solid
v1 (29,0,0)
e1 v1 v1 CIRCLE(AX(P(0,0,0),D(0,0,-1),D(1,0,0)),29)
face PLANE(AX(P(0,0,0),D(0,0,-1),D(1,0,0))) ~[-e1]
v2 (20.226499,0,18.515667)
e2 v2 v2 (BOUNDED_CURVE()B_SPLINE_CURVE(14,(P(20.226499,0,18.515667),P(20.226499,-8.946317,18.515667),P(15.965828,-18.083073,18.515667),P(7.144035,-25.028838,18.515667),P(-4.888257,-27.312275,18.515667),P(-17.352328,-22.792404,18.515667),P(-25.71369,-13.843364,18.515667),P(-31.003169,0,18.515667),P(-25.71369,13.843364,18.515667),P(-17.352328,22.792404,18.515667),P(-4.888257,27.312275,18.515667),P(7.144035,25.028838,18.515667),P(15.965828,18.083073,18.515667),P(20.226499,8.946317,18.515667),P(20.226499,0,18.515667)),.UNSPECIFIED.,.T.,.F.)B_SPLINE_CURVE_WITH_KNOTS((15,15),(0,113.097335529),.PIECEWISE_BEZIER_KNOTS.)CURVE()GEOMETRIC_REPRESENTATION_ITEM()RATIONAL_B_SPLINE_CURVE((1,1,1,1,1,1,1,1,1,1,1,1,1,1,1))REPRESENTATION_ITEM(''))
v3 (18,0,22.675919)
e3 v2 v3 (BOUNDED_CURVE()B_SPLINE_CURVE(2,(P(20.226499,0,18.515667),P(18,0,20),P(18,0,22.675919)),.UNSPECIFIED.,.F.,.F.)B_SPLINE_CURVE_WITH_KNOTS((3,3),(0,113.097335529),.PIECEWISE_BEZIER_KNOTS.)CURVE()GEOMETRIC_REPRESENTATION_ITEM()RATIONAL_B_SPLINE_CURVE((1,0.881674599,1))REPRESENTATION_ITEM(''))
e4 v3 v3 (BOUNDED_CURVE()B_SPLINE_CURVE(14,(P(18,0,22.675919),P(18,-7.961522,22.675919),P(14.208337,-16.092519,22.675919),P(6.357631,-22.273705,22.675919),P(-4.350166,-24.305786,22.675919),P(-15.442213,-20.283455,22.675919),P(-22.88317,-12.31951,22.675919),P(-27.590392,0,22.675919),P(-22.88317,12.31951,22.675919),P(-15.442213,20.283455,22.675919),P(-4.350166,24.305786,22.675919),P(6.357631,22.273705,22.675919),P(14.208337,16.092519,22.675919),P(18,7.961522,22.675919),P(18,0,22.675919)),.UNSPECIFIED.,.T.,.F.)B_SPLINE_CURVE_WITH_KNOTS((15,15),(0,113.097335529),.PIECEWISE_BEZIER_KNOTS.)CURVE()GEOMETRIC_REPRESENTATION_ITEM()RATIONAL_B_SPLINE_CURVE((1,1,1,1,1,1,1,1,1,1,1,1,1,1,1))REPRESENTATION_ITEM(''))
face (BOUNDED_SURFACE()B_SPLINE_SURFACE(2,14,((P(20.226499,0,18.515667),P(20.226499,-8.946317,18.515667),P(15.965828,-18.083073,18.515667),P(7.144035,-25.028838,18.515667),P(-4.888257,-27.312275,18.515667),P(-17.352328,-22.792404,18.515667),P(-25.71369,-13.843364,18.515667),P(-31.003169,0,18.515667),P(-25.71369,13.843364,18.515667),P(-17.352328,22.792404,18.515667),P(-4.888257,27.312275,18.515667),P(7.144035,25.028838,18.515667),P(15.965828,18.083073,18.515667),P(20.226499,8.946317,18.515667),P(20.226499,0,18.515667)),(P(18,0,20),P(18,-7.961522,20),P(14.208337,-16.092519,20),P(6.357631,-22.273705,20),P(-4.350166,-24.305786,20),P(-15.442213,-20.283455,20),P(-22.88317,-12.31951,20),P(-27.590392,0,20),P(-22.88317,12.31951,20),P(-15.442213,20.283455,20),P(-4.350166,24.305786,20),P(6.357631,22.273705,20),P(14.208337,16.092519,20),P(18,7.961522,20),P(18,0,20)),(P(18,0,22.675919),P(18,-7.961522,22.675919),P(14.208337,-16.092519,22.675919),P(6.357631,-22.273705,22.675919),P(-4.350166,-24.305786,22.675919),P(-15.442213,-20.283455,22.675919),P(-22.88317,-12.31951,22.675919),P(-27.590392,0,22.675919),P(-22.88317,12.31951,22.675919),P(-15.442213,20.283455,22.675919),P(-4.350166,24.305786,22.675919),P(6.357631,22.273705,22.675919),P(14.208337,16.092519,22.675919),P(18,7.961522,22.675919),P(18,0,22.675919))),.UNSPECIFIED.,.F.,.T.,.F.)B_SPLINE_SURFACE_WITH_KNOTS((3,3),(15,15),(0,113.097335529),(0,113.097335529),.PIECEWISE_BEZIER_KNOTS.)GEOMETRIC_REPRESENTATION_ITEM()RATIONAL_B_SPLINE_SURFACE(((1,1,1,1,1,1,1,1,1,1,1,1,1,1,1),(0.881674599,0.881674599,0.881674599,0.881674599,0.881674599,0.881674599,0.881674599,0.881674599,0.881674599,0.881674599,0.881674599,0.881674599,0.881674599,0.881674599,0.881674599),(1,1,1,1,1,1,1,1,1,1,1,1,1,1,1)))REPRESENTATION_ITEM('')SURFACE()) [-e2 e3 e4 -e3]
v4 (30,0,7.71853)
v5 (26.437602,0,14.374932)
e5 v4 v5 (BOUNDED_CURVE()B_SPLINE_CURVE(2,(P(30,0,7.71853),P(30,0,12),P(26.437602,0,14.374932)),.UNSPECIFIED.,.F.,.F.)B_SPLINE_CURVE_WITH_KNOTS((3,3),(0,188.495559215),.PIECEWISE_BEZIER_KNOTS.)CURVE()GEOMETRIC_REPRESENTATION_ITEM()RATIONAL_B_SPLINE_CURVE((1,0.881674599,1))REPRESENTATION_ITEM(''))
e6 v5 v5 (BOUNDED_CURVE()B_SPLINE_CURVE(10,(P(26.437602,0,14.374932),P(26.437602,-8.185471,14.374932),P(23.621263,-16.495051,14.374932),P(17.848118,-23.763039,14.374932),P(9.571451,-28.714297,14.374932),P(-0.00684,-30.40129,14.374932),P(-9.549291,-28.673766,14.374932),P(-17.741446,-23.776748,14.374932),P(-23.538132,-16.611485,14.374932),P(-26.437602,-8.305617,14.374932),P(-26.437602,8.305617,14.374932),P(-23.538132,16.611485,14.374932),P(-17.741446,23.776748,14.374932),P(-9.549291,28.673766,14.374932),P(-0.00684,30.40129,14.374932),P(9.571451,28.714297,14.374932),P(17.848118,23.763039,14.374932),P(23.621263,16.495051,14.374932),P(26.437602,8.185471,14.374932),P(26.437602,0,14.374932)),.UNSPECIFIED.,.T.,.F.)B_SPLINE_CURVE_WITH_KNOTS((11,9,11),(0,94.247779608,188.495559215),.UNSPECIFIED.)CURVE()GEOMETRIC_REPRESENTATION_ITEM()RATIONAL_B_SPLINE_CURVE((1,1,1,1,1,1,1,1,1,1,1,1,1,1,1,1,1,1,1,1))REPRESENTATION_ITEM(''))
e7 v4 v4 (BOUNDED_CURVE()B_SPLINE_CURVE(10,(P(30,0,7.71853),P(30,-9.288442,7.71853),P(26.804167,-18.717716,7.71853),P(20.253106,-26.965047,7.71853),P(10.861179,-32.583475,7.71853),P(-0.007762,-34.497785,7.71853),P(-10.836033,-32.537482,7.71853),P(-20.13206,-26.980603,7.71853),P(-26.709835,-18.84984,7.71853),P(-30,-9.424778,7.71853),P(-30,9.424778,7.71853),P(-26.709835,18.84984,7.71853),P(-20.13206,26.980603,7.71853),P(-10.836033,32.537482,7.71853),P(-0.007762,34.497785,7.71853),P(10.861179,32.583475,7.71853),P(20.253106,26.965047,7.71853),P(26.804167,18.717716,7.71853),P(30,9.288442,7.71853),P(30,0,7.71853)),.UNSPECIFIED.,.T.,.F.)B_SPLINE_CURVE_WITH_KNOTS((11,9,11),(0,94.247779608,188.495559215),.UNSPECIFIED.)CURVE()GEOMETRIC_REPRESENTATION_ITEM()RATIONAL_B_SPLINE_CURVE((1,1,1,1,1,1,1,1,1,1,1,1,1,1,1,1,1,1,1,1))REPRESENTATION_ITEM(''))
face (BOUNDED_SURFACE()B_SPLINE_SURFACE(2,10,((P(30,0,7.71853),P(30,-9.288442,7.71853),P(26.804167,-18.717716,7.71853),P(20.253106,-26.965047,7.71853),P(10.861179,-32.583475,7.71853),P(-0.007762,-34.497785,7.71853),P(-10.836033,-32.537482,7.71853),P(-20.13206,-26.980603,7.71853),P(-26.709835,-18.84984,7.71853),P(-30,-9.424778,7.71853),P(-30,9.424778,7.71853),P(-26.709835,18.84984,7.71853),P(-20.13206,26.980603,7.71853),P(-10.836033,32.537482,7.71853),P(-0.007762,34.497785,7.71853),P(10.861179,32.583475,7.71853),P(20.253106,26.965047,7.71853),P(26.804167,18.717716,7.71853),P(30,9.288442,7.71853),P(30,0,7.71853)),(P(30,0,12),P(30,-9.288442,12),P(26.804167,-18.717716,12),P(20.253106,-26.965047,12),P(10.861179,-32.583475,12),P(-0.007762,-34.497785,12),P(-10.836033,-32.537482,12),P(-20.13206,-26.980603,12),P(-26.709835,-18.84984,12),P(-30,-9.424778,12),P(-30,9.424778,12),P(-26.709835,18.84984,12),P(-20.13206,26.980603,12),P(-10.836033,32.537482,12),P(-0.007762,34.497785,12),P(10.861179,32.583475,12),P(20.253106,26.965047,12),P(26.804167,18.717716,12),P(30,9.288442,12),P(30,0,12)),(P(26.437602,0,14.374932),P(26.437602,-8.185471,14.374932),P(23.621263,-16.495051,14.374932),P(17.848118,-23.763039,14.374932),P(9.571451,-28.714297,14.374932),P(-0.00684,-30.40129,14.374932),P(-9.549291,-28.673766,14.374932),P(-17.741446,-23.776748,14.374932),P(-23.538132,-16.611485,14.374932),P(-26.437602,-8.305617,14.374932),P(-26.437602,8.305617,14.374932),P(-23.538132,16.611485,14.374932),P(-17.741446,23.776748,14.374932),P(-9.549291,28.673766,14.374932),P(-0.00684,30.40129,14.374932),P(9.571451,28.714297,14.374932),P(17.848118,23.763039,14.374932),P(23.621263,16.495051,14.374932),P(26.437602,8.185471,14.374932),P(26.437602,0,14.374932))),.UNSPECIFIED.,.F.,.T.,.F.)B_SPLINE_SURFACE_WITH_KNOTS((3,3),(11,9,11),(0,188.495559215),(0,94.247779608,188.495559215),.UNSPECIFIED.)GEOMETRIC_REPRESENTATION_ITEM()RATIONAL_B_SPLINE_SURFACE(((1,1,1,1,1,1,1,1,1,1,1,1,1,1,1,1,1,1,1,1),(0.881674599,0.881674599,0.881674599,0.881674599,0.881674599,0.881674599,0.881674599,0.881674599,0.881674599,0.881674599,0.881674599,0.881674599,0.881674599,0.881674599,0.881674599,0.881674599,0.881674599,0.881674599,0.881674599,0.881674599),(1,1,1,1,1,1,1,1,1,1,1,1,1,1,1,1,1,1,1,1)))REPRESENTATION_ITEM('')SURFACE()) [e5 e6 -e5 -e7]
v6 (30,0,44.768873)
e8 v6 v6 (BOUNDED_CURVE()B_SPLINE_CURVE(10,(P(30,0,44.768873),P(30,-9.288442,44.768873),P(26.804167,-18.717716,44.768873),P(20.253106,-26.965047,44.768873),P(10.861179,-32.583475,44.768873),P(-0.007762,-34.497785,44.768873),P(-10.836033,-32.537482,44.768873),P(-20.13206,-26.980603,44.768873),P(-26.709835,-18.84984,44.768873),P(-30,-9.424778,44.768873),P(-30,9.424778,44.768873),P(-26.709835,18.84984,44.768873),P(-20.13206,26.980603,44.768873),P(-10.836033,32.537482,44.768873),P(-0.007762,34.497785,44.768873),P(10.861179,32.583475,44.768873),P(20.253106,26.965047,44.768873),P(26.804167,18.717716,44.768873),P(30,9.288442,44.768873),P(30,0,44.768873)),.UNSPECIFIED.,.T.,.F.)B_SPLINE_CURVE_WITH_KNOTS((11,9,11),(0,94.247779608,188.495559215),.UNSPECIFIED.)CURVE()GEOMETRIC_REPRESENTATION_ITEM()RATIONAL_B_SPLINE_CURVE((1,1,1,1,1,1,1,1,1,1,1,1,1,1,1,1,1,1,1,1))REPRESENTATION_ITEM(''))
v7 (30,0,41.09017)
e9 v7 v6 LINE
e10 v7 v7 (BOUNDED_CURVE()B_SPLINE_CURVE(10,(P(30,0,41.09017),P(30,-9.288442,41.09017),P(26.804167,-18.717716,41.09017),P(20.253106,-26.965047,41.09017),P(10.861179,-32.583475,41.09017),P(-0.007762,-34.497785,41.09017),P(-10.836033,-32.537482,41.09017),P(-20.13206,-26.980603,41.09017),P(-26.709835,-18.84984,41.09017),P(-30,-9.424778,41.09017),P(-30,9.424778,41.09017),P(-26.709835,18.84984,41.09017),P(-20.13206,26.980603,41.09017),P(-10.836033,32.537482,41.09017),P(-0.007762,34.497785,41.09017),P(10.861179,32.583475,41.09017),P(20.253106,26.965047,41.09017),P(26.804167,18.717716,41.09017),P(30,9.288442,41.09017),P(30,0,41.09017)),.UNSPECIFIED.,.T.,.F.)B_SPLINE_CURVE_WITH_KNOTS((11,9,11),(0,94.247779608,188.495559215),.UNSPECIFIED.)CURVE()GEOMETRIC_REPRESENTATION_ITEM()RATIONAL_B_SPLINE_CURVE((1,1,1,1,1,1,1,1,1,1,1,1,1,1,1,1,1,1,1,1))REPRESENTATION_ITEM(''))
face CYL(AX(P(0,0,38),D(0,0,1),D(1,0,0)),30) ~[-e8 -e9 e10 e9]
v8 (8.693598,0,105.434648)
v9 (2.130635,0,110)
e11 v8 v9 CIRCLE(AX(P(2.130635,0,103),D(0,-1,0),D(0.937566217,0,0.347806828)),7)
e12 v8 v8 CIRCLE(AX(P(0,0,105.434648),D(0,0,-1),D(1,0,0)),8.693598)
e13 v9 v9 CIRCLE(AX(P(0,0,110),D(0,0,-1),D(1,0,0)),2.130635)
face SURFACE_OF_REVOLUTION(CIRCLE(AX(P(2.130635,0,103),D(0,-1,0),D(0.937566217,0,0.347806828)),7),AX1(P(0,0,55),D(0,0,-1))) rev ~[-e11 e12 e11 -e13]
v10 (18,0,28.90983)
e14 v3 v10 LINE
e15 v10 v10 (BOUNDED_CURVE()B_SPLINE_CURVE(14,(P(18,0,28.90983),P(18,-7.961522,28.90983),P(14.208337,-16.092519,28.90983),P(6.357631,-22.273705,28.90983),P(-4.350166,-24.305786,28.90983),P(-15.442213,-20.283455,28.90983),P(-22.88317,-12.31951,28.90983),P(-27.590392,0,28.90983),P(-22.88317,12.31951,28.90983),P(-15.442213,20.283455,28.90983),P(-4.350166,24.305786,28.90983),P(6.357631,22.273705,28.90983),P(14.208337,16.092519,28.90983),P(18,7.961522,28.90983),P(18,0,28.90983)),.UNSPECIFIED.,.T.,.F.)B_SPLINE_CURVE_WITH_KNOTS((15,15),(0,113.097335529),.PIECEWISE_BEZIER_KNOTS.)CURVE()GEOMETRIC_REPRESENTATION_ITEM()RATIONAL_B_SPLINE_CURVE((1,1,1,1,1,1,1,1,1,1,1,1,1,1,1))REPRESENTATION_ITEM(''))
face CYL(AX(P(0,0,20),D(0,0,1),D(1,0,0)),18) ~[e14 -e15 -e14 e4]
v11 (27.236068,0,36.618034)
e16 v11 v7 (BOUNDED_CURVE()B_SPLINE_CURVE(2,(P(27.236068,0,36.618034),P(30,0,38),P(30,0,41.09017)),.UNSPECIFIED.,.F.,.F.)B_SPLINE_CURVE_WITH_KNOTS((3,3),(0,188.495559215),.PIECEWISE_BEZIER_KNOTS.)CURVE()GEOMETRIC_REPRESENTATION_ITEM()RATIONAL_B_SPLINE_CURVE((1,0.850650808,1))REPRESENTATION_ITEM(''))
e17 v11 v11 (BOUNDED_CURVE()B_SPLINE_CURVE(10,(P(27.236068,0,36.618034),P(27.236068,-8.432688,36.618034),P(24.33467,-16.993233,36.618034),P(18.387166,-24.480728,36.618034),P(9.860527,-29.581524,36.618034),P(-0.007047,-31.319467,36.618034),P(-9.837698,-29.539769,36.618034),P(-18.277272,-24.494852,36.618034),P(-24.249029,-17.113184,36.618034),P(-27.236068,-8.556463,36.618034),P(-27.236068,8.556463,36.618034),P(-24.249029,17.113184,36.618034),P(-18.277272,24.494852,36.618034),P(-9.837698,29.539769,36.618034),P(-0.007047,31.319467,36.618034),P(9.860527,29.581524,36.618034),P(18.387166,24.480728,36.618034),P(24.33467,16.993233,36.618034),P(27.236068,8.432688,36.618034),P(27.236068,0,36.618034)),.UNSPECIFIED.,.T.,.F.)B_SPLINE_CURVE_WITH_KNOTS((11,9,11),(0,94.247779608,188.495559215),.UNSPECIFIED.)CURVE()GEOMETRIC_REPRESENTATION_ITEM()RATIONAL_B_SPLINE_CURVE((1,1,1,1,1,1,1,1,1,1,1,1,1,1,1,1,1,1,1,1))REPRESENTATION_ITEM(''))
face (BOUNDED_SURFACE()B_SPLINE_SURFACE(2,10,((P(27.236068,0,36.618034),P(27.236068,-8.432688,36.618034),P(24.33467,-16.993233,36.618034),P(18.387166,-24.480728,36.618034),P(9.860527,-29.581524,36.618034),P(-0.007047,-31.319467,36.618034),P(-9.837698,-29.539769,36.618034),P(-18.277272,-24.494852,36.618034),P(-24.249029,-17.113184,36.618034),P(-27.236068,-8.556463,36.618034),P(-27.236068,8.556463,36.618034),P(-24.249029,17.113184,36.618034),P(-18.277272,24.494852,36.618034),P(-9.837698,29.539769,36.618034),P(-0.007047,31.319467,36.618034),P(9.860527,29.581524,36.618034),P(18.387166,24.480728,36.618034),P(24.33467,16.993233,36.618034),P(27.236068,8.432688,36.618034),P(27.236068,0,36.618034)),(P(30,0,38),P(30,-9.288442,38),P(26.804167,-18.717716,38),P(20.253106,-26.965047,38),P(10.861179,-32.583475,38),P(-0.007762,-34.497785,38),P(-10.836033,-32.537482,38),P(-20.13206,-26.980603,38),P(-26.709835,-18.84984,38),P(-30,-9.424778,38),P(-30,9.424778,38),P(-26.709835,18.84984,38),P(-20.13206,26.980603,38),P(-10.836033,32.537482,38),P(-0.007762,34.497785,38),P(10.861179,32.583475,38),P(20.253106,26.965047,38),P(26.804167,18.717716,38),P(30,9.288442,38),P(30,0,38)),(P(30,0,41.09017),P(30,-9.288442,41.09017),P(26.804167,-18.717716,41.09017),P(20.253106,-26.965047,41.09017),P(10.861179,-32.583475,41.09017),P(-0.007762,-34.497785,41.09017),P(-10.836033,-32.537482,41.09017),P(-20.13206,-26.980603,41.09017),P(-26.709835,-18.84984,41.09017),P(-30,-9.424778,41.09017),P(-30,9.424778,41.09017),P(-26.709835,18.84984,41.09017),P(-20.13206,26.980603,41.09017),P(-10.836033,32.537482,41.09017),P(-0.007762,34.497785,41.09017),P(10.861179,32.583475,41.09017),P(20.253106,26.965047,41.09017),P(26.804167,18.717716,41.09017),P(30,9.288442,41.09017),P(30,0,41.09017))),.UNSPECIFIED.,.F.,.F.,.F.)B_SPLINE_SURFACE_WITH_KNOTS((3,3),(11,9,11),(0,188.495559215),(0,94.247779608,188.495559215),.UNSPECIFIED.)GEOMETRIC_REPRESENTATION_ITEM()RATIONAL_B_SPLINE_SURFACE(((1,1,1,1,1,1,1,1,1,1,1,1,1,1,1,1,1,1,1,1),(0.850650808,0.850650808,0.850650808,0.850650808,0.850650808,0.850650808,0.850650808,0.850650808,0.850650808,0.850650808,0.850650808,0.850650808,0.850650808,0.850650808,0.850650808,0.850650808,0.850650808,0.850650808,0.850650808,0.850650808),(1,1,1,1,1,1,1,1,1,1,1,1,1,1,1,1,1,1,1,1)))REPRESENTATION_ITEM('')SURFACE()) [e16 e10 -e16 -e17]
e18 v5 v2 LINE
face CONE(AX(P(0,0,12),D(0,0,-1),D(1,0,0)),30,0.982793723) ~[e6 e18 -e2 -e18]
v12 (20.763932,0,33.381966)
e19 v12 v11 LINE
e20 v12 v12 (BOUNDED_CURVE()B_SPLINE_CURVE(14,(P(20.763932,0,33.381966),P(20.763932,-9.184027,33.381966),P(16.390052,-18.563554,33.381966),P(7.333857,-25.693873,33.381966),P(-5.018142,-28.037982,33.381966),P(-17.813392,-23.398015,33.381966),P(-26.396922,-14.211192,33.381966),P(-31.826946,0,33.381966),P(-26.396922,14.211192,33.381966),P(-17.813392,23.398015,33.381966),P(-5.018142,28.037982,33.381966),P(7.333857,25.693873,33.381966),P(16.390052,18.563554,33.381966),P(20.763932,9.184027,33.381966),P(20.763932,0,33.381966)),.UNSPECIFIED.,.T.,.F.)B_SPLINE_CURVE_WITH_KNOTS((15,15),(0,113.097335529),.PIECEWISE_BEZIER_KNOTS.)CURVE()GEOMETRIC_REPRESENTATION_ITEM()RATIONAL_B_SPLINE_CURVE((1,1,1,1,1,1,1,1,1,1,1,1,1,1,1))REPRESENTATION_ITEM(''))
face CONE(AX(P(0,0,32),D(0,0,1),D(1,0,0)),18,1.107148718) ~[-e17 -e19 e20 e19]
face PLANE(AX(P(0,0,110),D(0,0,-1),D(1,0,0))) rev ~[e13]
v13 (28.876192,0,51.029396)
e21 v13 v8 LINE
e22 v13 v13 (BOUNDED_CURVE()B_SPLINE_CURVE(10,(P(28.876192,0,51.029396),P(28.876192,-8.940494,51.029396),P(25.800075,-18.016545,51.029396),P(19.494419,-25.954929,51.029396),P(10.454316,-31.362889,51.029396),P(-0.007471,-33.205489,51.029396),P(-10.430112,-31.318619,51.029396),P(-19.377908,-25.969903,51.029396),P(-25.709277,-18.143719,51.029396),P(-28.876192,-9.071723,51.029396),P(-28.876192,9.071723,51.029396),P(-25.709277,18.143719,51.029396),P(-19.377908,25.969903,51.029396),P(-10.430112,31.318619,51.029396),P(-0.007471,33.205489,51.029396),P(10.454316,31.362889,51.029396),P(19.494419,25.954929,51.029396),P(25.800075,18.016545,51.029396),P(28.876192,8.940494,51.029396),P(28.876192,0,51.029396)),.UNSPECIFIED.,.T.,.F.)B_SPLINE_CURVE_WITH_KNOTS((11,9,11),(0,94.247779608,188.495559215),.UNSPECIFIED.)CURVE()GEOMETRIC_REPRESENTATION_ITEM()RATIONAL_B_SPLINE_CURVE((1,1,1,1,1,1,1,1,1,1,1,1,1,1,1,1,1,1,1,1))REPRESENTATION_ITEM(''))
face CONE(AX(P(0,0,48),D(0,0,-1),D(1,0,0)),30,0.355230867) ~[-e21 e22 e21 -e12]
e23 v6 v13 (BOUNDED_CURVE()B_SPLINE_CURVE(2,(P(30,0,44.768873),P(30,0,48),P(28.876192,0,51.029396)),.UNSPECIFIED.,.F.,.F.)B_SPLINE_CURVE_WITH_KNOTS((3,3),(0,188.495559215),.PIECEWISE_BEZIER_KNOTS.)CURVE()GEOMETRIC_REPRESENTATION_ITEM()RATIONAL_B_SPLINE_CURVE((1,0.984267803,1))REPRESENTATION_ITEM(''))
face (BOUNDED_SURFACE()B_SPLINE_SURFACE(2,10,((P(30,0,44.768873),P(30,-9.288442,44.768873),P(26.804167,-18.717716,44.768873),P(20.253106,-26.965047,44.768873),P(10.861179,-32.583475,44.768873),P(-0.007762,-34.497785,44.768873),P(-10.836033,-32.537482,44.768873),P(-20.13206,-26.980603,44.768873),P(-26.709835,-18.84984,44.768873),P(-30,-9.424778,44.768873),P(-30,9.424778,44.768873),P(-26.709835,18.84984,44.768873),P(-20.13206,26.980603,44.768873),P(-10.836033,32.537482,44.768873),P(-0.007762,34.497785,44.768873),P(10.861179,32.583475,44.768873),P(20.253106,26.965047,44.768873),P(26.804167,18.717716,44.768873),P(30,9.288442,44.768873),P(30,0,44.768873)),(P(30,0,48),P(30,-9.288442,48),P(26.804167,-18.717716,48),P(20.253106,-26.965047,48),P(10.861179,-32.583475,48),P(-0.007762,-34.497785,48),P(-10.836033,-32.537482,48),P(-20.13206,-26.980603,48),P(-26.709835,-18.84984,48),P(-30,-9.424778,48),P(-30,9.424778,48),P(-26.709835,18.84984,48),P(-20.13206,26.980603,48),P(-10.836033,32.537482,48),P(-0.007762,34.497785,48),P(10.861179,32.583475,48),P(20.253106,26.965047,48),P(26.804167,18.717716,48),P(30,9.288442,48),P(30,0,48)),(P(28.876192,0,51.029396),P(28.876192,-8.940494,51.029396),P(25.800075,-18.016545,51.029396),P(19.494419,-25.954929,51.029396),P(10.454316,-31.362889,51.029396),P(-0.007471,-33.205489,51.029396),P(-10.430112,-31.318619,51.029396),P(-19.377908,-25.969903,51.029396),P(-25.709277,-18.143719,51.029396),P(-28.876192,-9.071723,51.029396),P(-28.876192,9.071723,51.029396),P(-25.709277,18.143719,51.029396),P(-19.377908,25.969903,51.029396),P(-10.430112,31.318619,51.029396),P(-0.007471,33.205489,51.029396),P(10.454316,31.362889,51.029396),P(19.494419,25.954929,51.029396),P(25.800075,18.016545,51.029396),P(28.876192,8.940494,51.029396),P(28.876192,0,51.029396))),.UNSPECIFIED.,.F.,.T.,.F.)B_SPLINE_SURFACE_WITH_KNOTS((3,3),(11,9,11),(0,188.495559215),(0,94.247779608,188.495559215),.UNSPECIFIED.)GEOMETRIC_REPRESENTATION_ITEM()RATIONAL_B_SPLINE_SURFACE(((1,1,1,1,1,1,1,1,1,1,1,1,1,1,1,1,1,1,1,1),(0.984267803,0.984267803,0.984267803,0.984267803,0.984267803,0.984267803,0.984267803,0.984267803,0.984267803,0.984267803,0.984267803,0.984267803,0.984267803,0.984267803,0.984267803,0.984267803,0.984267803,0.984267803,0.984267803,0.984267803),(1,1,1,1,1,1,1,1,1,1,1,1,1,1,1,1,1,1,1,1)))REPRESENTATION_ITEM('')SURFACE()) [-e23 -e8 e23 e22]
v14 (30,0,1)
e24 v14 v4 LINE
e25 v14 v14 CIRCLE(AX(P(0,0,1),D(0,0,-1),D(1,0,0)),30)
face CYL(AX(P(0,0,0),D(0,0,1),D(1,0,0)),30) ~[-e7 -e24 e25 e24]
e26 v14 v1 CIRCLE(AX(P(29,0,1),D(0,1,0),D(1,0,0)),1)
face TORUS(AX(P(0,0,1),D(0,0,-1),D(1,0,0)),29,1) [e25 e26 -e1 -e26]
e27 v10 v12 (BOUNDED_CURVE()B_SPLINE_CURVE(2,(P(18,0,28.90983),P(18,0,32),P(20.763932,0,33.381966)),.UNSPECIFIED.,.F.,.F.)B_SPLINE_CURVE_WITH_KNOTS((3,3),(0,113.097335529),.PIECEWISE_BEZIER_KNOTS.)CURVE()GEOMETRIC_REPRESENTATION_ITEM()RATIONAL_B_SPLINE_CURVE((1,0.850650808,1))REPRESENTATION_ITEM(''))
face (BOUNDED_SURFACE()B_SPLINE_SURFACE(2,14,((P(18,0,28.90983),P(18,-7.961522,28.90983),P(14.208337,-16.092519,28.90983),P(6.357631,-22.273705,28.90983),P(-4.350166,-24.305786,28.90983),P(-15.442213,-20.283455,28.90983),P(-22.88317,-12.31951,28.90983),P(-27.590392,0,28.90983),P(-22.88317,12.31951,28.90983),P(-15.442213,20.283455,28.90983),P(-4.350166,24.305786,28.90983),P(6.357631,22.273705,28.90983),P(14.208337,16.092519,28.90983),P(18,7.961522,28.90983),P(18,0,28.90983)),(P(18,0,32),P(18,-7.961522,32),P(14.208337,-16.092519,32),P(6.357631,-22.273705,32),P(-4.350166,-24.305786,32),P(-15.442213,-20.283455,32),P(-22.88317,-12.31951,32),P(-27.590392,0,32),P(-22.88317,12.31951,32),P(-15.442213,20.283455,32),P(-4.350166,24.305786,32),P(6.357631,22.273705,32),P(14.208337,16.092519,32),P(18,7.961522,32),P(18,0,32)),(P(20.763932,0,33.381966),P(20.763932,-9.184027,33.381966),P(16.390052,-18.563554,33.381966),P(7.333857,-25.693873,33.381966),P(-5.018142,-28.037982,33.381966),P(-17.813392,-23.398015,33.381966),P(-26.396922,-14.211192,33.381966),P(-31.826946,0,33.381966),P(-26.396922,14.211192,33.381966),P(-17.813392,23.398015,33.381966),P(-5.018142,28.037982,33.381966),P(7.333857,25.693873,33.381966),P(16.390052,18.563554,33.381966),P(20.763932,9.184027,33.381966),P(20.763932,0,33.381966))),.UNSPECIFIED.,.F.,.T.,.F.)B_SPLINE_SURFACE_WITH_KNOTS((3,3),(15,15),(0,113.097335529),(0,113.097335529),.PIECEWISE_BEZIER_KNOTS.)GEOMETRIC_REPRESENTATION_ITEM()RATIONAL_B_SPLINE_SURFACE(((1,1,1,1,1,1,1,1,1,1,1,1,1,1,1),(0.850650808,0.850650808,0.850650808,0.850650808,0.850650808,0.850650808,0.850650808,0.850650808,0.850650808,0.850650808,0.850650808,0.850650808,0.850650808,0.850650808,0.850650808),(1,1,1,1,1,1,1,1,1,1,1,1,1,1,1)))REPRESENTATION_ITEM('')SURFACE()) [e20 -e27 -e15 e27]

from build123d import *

# Parameters (mm, degrees)
F2_R = 8
F3_R = 5
F4_R = 5
F5_R = 5
F6_R = 18
F7_R = 1


with BuildPart() as f1:
    # F0 (on Front) → F1 (revolve)
    with BuildSketch(Plane.XZ):
        with BuildLine():
            Line((0, 110), (0, 0))
            Line((0, 0), (30, 0))
            Line((30, 0), (30, 12))
            Line((30, 12), (18, 20))
            Line((18, 20), (18, 32))
            Line((18, 32), (30, 38))
            Line((30, 38), (30, 48))
            Line((30, 48), (8.693598, 105.434648))
            ThreePointArc((8.693598, 105.434648), (6.127976, 108.746413), (2.130635, 110))
            Line((2.130635, 110), (0, 110))
        make_face()
    revolve(axis=Axis((0, 0, 55), (0, 0, -1)))

    # F2
    f2_edges = [f1.edges().sort_by_distance(p)[0] for p in [
        (-30, 0, 12),
    ]]
    fillet(f2_edges, radius=F2_R)

    # F3
    f3_edges = [f1.edges().sort_by_distance(p)[0] for p in [
        (-18, 0, 20),
    ]]
    fillet(f3_edges, radius=F3_R)

    # F4
    f4_edges = [f1.edges().sort_by_distance(p)[0] for p in [
        (-18, 0, 32),
    ]]
    fillet(f4_edges, radius=F4_R)

    # F5
    f5_edges = [f1.edges().sort_by_distance(p)[0] for p in [
        (-30, 0, 38),
    ]]
    fillet(f5_edges, radius=F5_R)

    # F6
    f6_edges = [f1.edges().sort_by_distance(p)[0] for p in [
        (-30, 0, 48),
    ]]
    fillet(f6_edges, radius=F6_R)

    # F7
    f7_edges = [f1.edges().sort_by_distance(p)[0] for p in [
        (-30, 0, 0),
    ]]
    fillet(f7_edges, radius=F7_R)


solid = f1.part
